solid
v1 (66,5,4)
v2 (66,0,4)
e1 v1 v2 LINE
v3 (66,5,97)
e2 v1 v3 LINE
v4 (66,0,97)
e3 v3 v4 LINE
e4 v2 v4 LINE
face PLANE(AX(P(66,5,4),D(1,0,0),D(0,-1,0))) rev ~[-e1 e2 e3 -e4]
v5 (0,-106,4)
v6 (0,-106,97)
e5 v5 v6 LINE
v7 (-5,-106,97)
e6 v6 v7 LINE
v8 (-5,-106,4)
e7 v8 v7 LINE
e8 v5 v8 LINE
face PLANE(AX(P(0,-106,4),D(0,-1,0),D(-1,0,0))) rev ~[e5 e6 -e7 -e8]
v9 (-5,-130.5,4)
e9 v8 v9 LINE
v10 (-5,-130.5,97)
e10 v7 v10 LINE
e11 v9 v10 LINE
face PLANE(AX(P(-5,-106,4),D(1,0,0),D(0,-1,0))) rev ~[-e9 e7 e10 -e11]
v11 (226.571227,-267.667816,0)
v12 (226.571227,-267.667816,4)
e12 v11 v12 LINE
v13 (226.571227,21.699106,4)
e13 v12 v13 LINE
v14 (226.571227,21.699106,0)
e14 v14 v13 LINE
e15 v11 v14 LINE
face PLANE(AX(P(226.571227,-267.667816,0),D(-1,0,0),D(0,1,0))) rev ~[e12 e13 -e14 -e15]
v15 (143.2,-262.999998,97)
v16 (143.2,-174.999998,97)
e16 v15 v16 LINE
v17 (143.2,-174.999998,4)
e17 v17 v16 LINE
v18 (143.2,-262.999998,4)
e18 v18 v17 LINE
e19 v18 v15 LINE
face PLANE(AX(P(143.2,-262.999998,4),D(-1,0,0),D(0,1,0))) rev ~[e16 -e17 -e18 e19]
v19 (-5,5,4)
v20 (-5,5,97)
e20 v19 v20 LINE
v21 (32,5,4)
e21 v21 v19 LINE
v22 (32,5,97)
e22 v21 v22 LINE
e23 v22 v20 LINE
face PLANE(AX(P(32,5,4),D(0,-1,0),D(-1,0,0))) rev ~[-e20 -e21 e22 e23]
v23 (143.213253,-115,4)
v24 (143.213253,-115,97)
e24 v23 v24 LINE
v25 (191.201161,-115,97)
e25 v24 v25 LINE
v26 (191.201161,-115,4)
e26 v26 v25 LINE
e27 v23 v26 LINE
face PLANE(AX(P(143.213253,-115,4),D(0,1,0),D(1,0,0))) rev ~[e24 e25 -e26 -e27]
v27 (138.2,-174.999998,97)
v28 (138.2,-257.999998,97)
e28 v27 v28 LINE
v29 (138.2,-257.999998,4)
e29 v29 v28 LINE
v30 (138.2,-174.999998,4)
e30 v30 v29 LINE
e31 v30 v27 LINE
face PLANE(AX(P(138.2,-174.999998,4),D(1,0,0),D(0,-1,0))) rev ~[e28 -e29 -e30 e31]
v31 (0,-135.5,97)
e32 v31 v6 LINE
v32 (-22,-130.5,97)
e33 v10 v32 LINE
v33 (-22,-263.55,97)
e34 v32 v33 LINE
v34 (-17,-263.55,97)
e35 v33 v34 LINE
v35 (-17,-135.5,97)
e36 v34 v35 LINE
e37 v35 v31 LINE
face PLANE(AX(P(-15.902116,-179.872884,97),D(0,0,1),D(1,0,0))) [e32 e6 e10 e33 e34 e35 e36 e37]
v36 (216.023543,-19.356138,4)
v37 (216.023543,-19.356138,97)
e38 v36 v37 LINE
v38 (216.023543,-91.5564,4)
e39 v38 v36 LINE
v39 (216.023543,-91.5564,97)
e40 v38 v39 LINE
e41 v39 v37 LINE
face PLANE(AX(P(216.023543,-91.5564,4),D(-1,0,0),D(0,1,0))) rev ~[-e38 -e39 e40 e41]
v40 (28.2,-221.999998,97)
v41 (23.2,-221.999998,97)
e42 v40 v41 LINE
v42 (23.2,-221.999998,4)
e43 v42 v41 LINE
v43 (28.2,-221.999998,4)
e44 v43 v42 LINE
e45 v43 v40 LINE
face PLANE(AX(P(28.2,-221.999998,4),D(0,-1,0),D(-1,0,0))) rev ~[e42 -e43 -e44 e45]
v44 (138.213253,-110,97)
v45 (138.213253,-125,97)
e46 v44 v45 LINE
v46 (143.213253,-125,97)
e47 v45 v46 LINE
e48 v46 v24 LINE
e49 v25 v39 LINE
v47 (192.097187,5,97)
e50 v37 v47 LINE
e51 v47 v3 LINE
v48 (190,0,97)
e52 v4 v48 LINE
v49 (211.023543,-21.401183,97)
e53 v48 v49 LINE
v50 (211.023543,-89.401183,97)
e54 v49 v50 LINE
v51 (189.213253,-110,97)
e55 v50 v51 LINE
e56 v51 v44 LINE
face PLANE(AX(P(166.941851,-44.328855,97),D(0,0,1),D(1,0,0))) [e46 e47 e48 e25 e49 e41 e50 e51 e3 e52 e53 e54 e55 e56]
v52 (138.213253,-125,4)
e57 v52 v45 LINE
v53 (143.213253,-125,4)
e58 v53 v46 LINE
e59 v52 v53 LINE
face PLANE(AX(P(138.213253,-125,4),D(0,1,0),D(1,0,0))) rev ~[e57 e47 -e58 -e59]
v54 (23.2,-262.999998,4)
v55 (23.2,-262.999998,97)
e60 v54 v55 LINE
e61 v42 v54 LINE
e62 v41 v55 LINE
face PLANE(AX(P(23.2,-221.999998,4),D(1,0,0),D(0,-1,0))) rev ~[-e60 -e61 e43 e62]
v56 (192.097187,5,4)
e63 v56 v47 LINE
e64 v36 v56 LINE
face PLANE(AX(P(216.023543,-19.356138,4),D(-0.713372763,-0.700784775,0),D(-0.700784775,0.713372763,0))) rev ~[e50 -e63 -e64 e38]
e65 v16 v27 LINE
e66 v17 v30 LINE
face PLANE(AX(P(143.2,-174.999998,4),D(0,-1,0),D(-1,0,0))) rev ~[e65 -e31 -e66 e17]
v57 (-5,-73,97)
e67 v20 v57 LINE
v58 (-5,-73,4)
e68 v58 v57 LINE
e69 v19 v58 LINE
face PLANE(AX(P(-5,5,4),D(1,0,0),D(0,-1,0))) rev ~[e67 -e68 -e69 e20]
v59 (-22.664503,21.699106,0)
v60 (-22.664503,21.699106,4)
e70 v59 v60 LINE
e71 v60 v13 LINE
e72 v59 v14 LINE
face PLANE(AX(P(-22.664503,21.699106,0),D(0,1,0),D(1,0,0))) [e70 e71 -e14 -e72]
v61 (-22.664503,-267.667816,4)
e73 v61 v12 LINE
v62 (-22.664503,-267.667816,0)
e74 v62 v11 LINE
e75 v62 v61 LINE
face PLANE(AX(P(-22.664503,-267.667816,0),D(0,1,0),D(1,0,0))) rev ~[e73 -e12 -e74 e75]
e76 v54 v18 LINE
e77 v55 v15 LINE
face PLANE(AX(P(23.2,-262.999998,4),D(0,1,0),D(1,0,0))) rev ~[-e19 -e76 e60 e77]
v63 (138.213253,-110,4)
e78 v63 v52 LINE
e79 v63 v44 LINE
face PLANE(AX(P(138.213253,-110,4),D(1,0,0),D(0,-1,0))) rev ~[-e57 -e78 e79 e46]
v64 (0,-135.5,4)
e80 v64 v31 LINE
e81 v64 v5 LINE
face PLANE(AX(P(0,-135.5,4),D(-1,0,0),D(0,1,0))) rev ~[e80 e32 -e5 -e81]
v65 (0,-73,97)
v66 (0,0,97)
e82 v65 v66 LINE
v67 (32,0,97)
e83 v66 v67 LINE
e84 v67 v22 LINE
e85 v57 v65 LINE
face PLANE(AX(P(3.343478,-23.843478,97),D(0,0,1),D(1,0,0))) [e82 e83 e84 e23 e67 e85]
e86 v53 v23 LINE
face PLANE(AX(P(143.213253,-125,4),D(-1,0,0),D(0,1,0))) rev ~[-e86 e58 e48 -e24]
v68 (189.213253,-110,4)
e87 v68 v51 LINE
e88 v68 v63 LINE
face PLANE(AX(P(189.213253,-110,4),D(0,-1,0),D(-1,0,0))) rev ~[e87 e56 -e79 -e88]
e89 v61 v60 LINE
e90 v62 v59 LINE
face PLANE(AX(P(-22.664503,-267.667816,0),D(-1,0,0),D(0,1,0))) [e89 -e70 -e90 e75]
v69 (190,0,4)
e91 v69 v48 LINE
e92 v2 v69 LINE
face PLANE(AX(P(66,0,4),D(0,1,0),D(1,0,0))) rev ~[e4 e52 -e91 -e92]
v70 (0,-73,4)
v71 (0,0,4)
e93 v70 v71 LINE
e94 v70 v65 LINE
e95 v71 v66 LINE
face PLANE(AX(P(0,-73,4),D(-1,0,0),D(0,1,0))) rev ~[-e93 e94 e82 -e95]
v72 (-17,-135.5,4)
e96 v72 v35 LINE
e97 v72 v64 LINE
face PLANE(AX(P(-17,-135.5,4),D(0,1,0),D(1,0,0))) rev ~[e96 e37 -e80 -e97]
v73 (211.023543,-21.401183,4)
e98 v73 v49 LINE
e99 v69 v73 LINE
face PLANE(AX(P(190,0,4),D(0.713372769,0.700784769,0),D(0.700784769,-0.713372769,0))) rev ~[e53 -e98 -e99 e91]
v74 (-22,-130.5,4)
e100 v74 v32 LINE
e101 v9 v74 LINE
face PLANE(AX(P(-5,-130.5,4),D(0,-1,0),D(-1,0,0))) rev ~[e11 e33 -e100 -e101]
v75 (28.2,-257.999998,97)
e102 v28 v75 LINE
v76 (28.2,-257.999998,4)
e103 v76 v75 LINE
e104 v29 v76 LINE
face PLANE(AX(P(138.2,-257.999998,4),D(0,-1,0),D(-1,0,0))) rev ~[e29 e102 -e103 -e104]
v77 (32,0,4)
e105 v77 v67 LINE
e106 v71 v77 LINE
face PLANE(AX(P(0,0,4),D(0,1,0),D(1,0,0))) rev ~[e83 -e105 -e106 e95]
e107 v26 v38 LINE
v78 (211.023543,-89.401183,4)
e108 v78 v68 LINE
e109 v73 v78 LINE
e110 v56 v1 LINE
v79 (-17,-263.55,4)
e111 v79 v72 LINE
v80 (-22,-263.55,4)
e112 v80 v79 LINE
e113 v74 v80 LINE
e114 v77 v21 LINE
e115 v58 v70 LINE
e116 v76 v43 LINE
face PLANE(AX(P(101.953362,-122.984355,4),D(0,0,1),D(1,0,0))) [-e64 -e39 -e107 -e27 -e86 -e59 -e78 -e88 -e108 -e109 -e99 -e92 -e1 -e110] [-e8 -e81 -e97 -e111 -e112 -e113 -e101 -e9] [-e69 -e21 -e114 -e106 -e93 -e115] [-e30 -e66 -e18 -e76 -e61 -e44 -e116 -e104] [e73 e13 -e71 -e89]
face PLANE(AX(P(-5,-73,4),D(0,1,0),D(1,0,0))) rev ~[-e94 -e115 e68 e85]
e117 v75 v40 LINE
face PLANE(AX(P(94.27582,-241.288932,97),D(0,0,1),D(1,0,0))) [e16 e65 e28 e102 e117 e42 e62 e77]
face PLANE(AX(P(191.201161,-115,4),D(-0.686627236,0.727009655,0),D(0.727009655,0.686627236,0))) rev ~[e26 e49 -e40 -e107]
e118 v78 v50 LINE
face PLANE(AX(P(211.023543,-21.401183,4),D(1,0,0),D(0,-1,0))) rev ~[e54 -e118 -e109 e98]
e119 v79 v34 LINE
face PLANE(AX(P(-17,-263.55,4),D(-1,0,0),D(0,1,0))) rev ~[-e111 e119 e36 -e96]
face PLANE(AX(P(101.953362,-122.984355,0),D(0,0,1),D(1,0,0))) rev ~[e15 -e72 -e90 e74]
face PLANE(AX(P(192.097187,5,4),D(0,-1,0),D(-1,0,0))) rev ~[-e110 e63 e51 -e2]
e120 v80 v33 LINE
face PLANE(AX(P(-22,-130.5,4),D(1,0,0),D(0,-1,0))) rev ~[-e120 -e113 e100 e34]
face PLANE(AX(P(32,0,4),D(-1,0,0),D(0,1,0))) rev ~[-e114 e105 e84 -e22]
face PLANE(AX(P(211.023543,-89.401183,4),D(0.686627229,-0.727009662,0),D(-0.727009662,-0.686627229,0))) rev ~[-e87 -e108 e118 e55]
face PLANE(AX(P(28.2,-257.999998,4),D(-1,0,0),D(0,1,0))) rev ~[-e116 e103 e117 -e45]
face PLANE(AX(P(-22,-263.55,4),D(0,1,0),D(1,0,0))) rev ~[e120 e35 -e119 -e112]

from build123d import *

# Parameters (mm, degrees)
SKETCH001_W  = 249.235731
SKETCH001_H  = 289.366922
PAD_DEPTH    = 4
PAD001_DEPTH = 93


with BuildPart() as part:
    # Sketch001 → Pad (new body)
    with BuildSketch(Plane.XY):
        with Locations((101.953362, -122.984355)):
            Rectangle(SKETCH001_W, SKETCH001_H)
    extrude(amount=PAD_DEPTH)

    # Sketch (on Face6 of Pad) → Pad001 (join)
    with BuildSketch(Plane.XY.offset(4)):
        Polygon((-17, -135.5), (0, -135.5), (0, -106), (-5, -106), (-5, -130.5), (-22, -130.5), (-22, -263.55), (-17, -263.55), align=None)
        Polygon((0, 0), (32, 0), (32, 5), (-5, 5), (-5, -73), (0, -73), align=None)
        Polygon((66, 5), (66, 0), (190, 0), (211.023543, -21.401183), (211.023543, -89.401183), (189.213253, -110), (138.213253, -110), (138.213253, -125), (143.213253, -125), (143.213253, -115), (191.201161, -115), (216.023543, -91.5564), (216.023543, -19.356138), (192.097187, 5), align=None)
        Polygon((138.2, -257.999998), (28.2, -257.999998), (28.2, -221.999998), (23.2, -221.999998), (23.2, -262.999998), (143.2, -262.999998), (143.2, -174.999998), (138.2, -174.999998), align=None)
    extrude(amount=PAD001_DEPTH)


solid = part.part
